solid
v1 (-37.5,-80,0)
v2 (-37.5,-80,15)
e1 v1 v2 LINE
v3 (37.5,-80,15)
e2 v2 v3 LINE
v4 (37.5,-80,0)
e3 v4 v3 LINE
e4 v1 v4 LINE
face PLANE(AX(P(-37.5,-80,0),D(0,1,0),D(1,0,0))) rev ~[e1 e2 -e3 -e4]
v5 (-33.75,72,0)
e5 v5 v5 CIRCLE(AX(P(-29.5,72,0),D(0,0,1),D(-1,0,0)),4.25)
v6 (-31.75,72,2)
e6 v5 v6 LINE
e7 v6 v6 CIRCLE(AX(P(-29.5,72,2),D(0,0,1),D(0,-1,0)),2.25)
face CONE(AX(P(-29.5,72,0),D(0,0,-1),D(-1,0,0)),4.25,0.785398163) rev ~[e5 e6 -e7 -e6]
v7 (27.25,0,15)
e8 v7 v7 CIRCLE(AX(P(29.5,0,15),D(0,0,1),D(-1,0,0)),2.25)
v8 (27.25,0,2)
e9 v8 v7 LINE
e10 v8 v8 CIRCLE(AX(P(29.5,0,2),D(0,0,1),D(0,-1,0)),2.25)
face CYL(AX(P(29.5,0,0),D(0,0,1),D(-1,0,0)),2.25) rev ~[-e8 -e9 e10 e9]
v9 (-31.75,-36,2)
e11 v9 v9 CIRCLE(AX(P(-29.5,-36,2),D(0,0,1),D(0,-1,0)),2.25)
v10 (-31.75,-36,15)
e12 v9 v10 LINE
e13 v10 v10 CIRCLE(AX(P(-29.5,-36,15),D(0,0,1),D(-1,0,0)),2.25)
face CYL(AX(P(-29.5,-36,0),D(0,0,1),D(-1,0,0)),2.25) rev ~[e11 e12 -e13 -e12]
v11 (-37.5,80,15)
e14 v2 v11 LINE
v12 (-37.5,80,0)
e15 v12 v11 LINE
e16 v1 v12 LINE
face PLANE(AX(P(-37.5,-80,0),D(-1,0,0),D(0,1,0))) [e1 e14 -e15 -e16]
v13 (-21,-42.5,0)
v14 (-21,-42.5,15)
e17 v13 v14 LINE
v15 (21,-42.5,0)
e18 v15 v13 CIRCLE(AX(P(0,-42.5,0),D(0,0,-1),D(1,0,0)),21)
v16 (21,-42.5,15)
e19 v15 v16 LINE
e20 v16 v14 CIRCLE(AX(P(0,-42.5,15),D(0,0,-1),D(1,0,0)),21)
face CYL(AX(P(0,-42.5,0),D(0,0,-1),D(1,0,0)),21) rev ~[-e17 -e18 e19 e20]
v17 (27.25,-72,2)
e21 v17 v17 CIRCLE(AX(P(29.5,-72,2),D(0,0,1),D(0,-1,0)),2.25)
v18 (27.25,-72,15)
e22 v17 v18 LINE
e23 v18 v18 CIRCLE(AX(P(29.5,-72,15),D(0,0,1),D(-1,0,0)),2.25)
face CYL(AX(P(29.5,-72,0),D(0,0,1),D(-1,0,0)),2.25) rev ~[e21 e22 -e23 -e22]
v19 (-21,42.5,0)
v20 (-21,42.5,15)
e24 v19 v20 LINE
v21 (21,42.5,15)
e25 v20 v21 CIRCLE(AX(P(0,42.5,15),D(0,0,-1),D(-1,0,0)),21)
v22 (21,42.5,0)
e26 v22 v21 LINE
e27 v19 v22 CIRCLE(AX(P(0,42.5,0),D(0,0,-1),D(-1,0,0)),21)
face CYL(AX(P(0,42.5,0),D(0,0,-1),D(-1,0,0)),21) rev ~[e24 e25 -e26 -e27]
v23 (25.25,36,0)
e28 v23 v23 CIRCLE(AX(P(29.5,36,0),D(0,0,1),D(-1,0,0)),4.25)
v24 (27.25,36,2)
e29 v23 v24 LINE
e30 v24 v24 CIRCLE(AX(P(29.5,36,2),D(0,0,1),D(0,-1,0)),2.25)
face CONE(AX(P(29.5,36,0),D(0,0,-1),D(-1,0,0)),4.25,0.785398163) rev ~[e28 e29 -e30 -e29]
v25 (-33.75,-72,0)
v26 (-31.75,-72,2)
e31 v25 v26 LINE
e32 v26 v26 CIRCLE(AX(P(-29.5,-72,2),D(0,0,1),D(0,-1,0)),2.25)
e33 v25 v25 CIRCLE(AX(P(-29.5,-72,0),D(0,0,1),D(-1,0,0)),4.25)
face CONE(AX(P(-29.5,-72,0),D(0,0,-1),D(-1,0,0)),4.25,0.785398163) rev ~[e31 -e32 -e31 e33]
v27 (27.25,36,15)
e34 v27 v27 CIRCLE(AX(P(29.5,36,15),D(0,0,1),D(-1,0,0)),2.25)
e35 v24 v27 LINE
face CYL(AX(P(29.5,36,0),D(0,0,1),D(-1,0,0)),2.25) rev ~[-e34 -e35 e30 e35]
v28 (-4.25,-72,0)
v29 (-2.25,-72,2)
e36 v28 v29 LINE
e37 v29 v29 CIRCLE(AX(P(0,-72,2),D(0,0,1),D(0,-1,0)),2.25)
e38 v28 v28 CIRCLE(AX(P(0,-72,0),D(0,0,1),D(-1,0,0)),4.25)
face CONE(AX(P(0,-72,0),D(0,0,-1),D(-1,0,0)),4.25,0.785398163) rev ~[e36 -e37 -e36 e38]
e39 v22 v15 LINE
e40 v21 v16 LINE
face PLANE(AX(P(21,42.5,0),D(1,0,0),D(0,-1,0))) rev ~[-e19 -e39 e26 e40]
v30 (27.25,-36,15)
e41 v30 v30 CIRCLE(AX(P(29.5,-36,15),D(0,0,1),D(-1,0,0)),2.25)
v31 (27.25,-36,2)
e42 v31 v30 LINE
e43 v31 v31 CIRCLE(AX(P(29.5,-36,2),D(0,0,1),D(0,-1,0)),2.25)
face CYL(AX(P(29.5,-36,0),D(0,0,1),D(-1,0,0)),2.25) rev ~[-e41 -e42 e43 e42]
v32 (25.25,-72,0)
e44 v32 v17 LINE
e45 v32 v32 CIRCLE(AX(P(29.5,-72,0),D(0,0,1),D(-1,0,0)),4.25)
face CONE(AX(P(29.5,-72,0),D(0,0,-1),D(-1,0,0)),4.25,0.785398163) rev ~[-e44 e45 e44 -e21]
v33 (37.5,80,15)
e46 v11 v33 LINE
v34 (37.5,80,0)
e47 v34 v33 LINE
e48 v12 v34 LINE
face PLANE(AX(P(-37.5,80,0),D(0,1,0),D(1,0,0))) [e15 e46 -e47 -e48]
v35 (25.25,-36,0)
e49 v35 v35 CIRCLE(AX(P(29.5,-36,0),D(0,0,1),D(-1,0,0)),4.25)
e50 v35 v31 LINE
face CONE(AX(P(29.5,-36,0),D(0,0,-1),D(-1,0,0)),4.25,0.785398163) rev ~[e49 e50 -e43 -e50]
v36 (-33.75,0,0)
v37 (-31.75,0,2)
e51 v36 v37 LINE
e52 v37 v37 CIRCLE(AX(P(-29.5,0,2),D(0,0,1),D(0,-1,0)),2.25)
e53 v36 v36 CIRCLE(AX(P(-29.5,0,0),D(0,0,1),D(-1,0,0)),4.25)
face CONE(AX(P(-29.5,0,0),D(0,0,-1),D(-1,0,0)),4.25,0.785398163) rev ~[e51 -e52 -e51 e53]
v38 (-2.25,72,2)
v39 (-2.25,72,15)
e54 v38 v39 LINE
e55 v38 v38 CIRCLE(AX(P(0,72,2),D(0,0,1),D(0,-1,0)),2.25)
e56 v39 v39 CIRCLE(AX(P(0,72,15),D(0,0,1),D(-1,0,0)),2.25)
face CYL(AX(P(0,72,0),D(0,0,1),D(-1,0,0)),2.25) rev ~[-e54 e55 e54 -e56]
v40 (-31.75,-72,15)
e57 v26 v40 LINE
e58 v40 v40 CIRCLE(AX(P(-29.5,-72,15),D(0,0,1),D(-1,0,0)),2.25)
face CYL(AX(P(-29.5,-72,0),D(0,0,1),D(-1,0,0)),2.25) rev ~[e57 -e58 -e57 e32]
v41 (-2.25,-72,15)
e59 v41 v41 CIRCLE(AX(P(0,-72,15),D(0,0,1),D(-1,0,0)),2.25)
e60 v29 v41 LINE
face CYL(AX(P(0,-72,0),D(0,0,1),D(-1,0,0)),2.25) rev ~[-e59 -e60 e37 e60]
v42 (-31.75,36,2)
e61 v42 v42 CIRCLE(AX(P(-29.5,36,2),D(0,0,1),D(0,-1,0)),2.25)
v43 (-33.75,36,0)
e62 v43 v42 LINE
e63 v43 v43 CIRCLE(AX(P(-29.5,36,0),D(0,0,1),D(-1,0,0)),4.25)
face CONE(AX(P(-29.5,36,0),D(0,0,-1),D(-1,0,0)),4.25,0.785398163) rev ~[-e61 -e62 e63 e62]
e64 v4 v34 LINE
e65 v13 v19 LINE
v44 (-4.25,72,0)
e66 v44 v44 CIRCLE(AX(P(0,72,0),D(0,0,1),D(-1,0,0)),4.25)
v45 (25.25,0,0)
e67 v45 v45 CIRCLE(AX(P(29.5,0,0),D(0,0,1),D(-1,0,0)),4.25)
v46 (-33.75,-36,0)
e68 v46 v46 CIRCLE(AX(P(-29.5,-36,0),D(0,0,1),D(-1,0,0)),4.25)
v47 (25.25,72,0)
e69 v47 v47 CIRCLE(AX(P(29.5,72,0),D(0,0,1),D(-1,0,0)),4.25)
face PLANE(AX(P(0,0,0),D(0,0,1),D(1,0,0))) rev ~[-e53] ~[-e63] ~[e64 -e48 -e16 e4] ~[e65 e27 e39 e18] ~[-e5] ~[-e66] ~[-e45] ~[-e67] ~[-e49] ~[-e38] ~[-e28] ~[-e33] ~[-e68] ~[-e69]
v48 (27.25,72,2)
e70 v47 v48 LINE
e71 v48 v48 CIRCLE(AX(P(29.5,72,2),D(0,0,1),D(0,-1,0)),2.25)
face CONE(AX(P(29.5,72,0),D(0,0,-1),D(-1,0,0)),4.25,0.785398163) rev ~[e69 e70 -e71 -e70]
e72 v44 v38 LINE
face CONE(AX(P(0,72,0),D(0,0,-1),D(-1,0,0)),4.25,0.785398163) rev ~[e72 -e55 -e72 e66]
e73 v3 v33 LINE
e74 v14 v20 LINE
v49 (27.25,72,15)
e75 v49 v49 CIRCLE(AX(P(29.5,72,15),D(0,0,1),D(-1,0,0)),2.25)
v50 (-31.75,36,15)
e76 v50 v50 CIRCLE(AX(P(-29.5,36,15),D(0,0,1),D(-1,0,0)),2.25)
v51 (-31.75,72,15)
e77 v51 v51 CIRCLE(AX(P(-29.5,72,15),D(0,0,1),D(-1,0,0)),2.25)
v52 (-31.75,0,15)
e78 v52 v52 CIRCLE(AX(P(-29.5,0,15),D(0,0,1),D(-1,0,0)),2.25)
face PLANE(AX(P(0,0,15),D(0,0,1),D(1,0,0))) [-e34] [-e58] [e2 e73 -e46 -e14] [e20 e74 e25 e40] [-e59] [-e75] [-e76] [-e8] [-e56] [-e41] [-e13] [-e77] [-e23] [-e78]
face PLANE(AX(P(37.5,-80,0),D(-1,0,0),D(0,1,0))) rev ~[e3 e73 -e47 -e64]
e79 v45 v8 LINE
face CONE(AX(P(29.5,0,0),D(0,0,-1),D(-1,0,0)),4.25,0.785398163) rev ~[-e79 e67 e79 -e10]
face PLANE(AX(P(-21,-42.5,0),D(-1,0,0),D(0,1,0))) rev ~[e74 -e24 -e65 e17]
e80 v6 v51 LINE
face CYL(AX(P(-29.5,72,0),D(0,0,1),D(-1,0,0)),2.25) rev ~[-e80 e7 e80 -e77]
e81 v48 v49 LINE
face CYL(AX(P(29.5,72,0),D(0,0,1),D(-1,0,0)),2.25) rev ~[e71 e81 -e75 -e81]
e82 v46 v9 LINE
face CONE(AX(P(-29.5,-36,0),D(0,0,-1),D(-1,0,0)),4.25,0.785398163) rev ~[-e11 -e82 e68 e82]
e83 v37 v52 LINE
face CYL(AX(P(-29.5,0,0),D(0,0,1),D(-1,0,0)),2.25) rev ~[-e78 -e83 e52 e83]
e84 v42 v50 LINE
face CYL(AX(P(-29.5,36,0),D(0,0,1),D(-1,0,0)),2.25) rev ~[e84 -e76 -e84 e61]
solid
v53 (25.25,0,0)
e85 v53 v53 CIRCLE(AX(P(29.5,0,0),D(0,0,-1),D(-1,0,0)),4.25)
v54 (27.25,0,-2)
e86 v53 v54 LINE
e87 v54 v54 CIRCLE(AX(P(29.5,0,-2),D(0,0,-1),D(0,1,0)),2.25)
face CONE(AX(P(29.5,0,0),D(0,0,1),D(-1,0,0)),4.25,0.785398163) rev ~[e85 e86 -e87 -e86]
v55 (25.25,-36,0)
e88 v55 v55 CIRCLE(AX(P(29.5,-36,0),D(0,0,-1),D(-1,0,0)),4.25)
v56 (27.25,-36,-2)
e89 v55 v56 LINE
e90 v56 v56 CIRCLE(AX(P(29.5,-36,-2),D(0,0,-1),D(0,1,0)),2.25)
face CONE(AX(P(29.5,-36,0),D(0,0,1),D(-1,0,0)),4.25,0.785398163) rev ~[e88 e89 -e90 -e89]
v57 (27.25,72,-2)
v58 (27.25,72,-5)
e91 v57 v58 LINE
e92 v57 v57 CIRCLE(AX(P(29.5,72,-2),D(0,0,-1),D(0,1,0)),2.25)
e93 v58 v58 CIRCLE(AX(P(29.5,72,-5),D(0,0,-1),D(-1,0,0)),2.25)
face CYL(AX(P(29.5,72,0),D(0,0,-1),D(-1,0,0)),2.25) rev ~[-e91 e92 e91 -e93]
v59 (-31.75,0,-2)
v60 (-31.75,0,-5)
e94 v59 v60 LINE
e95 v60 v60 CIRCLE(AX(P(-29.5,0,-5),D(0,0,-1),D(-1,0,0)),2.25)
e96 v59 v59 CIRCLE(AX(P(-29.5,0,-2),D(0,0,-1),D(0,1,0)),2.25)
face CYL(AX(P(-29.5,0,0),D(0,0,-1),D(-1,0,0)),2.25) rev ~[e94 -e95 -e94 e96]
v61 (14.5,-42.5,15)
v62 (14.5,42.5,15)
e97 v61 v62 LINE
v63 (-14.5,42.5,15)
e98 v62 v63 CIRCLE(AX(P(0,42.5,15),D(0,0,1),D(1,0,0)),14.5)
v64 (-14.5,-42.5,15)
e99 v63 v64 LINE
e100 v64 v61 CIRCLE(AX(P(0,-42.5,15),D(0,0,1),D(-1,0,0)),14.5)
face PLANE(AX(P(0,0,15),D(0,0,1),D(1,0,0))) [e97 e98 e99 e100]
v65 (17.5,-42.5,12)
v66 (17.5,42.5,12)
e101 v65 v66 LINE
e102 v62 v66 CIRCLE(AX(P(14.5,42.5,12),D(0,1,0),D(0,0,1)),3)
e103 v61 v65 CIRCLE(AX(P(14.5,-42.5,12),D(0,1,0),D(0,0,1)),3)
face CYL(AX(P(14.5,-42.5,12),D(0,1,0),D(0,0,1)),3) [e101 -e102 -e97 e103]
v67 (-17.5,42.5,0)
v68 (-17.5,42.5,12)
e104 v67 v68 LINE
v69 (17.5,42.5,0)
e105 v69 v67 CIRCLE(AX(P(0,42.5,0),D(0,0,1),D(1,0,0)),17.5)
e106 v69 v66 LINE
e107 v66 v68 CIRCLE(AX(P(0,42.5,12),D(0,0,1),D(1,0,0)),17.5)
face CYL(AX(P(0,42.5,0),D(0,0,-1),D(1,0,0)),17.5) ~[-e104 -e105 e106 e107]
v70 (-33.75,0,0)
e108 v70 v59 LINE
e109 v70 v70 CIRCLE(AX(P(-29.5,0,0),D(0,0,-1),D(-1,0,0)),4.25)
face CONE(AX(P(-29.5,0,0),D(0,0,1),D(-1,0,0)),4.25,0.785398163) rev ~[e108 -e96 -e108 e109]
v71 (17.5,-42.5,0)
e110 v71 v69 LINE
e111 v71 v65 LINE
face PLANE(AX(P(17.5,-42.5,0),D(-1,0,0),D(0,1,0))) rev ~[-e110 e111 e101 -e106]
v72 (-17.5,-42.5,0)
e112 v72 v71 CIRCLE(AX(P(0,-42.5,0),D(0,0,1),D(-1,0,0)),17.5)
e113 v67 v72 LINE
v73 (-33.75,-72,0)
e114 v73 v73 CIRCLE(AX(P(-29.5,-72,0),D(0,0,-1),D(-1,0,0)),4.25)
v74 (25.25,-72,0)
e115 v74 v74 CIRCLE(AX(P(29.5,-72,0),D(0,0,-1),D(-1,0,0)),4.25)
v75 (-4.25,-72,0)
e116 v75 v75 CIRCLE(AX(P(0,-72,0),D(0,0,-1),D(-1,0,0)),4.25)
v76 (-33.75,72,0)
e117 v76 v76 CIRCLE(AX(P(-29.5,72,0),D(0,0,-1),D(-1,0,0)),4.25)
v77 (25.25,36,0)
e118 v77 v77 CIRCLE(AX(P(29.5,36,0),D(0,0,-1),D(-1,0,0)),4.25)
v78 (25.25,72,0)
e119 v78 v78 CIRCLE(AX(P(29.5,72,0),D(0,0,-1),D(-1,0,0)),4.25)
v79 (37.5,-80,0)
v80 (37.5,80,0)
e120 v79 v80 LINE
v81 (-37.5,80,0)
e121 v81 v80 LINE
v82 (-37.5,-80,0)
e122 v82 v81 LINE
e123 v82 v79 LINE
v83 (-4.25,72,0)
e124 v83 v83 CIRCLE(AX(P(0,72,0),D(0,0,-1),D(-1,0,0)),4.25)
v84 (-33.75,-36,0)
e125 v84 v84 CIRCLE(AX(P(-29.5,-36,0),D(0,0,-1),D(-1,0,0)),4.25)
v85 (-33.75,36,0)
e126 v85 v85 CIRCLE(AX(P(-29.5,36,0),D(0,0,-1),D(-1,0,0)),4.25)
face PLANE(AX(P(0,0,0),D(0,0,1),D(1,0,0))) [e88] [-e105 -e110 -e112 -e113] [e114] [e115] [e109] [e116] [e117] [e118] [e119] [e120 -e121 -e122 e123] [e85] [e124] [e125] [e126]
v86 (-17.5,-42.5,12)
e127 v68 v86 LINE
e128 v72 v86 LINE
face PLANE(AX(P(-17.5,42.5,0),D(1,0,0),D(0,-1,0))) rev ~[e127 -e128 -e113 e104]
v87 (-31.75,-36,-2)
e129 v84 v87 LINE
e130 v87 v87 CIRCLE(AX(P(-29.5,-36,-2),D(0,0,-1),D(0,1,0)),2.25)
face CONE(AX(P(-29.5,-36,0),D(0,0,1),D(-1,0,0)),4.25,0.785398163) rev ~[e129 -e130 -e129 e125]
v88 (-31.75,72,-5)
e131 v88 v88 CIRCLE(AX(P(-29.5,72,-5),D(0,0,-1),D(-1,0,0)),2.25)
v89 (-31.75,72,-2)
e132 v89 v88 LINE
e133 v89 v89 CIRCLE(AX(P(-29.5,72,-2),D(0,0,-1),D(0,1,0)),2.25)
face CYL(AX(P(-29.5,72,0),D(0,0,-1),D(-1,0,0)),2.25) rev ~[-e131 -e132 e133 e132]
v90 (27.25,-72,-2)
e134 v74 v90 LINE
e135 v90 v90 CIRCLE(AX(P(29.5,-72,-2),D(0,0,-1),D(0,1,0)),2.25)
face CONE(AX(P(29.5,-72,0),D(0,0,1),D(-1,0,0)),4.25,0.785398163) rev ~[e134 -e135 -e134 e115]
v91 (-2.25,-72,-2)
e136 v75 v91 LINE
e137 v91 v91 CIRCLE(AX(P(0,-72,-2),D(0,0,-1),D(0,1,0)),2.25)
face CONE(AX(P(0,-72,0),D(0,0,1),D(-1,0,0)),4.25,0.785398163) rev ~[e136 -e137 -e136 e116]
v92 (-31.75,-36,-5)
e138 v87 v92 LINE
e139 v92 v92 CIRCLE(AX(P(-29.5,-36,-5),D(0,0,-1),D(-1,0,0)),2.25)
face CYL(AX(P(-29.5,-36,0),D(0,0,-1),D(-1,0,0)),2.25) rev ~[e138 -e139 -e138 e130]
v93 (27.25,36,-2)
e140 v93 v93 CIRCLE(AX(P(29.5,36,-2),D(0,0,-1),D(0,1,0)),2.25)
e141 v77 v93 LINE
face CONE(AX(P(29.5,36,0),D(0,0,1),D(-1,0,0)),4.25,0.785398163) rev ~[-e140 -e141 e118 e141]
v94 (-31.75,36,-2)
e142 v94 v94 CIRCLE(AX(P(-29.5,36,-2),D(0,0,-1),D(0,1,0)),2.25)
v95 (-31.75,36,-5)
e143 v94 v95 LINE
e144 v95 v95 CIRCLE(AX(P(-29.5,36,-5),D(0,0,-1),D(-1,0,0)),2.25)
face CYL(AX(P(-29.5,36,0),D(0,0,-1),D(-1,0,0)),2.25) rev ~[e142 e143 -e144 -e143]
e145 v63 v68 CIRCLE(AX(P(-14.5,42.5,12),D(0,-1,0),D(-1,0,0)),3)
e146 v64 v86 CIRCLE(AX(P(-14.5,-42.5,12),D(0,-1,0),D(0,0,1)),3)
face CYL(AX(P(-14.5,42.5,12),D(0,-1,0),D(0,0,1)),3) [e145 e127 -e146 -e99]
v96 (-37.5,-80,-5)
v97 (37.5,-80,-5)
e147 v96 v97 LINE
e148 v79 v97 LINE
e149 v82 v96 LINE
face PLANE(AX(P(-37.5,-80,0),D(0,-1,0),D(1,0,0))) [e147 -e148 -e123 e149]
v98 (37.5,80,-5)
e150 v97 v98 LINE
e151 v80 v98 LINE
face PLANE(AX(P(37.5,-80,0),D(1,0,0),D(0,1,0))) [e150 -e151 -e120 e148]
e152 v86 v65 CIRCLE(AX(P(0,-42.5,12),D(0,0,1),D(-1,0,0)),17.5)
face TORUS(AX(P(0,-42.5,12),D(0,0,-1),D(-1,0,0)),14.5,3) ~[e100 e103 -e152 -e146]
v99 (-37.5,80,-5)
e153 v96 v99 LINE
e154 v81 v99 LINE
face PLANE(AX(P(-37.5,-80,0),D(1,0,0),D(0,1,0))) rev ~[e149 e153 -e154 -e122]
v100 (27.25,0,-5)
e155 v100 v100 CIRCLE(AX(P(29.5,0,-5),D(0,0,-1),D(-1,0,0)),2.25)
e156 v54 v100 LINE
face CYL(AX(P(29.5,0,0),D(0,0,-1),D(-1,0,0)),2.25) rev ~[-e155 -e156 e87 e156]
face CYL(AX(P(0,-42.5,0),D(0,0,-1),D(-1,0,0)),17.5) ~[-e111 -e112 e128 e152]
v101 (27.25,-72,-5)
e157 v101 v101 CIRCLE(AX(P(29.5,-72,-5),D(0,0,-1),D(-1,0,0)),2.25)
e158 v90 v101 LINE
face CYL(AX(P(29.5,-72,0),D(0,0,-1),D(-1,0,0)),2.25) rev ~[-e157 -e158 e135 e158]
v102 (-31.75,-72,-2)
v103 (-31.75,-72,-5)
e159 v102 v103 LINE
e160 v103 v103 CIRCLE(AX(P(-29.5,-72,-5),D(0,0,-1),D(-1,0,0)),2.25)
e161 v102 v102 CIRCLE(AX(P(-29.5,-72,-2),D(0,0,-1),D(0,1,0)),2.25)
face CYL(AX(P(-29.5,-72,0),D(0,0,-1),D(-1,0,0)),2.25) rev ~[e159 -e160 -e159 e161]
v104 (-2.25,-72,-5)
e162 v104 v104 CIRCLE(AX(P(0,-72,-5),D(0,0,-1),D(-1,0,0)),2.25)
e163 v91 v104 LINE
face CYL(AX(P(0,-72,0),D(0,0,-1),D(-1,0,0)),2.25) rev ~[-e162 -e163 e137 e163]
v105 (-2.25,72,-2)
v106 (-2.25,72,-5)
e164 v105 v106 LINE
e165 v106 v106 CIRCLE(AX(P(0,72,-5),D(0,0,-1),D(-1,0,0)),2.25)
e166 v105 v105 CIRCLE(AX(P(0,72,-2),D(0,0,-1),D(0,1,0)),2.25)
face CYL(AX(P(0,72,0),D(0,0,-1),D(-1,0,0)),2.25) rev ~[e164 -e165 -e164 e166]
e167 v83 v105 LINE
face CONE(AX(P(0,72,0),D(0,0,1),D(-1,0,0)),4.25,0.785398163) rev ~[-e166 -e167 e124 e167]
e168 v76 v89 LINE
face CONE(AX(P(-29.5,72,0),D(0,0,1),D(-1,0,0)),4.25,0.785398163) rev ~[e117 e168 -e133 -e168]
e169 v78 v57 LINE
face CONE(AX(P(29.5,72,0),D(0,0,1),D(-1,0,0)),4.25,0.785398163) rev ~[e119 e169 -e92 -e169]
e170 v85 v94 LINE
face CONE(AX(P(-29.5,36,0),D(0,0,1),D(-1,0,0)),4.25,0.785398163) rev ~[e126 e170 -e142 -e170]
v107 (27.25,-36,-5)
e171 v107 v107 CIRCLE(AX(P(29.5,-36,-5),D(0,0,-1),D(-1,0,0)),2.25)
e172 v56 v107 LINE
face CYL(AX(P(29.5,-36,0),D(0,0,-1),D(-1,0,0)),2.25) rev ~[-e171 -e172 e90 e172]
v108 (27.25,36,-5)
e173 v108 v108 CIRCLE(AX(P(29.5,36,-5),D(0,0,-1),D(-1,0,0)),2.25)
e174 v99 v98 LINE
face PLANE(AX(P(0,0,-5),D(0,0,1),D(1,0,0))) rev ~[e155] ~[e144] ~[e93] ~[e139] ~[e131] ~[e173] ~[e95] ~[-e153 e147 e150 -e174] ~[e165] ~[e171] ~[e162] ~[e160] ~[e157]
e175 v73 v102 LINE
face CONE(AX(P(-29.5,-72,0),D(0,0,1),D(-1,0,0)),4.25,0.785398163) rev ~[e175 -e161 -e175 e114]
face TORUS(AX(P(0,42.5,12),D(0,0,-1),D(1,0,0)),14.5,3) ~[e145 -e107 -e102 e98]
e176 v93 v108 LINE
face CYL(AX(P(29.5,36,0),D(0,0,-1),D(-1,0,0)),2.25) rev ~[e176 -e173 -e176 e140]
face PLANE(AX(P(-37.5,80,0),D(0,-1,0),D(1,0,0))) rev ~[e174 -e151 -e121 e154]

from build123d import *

# Parameters (mm, degrees)
F0_W           = 75
F0_H           = 160
F1_DEPTH       = 5
F2_DEPTH       = 15
F3_DEPTH       = 15
F4_D           = 4.5
F4_CSINK_D     = 8.5
F4_CSINK_ANGLE = 90
F5_D           = 4.5
F5_CSINK_D     = 8.5
F5_CSINK_ANGLE = 90
F6_R           = 3


with BuildPart() as f1:
    # F0 (on Top) → F1 (new body)
    with BuildSketch(Plane.XY):
        Rectangle(F0_W, F0_H)
        with BuildLine():
            ThreePointArc((-21, 42.5), (0, 63.5), (21, 42.5))
            Line((21, 42.5), (21, -42.5))
            ThreePointArc((21, -42.5), (0, -63.5), (-21, -42.5))
            Line((-21, -42.5), (-21, 42.5))
        make_face(mode=Mode.SUBTRACT)
        with BuildLine():
            Line((21, -42.5), (21, 42.5))
            ThreePointArc((21, 42.5), (0, 63.5), (-21, 42.5))
            Line((-21, 42.5), (-21, -42.5))
            ThreePointArc((-21, -42.5), (0, -63.5), (21, -42.5))
        make_face()
        with BuildLine():
            Line((-17.5, -42.5), (-17.5, 42.5))
            ThreePointArc((-17.5, 42.5), (0, 60), (17.5, 42.5))
            Line((17.5, 42.5), (17.5, -42.5))
            ThreePointArc((17.5, -42.5), (0, -60), (-17.5, -42.5))
        make_face(mode=Mode.SUBTRACT)
        with BuildLine():
            ThreePointArc((17.5, 42.5), (0, 60), (-17.5, 42.5))
            Line((-17.5, 42.5), (-17.5, -42.5))
            ThreePointArc((-17.5, -42.5), (0, -60), (17.5, -42.5))
            Line((17.5, -42.5), (17.5, 42.5))
        make_face()
    extrude(amount=-F1_DEPTH)

    # F0 (on Top) → F2 (join)
    with BuildSketch(Plane.XY):
        with BuildLine():
            ThreePointArc((17.5, 42.5), (0, 60), (-17.5, 42.5))
            Line((-17.5, 42.5), (-17.5, -42.5))
            ThreePointArc((-17.5, -42.5), (0, -60), (17.5, -42.5))
            Line((17.5, -42.5), (17.5, 42.5))
        make_face()
    extrude(amount=F2_DEPTH)

    # F4 (through all)
    with Locations(Plane.XY):
        with Locations((-29.5, 72), (-29.5, 36), (-29.5, 0), (-29.5, -36), (-29.5, -72), (0, -72), (29.5, -72), (29.5, -36), (29.5, 0), (29.5, 36), (29.5, 72), (0, 72)):
            CounterSinkHole(F4_D / 2, F4_CSINK_D / 2, counter_sink_angle=F4_CSINK_ANGLE)

    # F6
    f6_edges = [f1.edges().sort_by_distance(p)[0] for p in [
        (17.5, 0, 15),
    ]]
    fillet(f6_edges, radius=F6_R)


with BuildPart() as f3:
    # F0 (on Top) → F3 (new body, through all)
    with BuildSketch(Plane.XY):
        Rectangle(F0_W, F0_H)
        with BuildLine():
            ThreePointArc((-21, 42.5), (0, 63.5), (21, 42.5))
            Line((21, 42.5), (21, -42.5))
            ThreePointArc((21, -42.5), (0, -63.5), (-21, -42.5))
            Line((-21, -42.5), (-21, 42.5))
        make_face(mode=Mode.SUBTRACT)
    extrude(amount=F3_DEPTH)

    # F5 (through all)
    with Locations(Plane(origin=(0, 0, 0), x_dir=(1, 0, 0), z_dir=(0, 0, -1))):
        with Locations((-29.5, -72), (-29.5, -36), (-29.5, 0), (-29.5, 36), (-29.5, 72), (0, 72), (29.5, 72), (29.5, 36), (29.5, 0), (29.5, -36), (29.5, -72), (0, -72)):
            CounterSinkHole(F5_D / 2, F5_CSINK_D / 2, counter_sink_angle=F5_CSINK_ANGLE)


solid = Compound([f1.part, f3.part])
